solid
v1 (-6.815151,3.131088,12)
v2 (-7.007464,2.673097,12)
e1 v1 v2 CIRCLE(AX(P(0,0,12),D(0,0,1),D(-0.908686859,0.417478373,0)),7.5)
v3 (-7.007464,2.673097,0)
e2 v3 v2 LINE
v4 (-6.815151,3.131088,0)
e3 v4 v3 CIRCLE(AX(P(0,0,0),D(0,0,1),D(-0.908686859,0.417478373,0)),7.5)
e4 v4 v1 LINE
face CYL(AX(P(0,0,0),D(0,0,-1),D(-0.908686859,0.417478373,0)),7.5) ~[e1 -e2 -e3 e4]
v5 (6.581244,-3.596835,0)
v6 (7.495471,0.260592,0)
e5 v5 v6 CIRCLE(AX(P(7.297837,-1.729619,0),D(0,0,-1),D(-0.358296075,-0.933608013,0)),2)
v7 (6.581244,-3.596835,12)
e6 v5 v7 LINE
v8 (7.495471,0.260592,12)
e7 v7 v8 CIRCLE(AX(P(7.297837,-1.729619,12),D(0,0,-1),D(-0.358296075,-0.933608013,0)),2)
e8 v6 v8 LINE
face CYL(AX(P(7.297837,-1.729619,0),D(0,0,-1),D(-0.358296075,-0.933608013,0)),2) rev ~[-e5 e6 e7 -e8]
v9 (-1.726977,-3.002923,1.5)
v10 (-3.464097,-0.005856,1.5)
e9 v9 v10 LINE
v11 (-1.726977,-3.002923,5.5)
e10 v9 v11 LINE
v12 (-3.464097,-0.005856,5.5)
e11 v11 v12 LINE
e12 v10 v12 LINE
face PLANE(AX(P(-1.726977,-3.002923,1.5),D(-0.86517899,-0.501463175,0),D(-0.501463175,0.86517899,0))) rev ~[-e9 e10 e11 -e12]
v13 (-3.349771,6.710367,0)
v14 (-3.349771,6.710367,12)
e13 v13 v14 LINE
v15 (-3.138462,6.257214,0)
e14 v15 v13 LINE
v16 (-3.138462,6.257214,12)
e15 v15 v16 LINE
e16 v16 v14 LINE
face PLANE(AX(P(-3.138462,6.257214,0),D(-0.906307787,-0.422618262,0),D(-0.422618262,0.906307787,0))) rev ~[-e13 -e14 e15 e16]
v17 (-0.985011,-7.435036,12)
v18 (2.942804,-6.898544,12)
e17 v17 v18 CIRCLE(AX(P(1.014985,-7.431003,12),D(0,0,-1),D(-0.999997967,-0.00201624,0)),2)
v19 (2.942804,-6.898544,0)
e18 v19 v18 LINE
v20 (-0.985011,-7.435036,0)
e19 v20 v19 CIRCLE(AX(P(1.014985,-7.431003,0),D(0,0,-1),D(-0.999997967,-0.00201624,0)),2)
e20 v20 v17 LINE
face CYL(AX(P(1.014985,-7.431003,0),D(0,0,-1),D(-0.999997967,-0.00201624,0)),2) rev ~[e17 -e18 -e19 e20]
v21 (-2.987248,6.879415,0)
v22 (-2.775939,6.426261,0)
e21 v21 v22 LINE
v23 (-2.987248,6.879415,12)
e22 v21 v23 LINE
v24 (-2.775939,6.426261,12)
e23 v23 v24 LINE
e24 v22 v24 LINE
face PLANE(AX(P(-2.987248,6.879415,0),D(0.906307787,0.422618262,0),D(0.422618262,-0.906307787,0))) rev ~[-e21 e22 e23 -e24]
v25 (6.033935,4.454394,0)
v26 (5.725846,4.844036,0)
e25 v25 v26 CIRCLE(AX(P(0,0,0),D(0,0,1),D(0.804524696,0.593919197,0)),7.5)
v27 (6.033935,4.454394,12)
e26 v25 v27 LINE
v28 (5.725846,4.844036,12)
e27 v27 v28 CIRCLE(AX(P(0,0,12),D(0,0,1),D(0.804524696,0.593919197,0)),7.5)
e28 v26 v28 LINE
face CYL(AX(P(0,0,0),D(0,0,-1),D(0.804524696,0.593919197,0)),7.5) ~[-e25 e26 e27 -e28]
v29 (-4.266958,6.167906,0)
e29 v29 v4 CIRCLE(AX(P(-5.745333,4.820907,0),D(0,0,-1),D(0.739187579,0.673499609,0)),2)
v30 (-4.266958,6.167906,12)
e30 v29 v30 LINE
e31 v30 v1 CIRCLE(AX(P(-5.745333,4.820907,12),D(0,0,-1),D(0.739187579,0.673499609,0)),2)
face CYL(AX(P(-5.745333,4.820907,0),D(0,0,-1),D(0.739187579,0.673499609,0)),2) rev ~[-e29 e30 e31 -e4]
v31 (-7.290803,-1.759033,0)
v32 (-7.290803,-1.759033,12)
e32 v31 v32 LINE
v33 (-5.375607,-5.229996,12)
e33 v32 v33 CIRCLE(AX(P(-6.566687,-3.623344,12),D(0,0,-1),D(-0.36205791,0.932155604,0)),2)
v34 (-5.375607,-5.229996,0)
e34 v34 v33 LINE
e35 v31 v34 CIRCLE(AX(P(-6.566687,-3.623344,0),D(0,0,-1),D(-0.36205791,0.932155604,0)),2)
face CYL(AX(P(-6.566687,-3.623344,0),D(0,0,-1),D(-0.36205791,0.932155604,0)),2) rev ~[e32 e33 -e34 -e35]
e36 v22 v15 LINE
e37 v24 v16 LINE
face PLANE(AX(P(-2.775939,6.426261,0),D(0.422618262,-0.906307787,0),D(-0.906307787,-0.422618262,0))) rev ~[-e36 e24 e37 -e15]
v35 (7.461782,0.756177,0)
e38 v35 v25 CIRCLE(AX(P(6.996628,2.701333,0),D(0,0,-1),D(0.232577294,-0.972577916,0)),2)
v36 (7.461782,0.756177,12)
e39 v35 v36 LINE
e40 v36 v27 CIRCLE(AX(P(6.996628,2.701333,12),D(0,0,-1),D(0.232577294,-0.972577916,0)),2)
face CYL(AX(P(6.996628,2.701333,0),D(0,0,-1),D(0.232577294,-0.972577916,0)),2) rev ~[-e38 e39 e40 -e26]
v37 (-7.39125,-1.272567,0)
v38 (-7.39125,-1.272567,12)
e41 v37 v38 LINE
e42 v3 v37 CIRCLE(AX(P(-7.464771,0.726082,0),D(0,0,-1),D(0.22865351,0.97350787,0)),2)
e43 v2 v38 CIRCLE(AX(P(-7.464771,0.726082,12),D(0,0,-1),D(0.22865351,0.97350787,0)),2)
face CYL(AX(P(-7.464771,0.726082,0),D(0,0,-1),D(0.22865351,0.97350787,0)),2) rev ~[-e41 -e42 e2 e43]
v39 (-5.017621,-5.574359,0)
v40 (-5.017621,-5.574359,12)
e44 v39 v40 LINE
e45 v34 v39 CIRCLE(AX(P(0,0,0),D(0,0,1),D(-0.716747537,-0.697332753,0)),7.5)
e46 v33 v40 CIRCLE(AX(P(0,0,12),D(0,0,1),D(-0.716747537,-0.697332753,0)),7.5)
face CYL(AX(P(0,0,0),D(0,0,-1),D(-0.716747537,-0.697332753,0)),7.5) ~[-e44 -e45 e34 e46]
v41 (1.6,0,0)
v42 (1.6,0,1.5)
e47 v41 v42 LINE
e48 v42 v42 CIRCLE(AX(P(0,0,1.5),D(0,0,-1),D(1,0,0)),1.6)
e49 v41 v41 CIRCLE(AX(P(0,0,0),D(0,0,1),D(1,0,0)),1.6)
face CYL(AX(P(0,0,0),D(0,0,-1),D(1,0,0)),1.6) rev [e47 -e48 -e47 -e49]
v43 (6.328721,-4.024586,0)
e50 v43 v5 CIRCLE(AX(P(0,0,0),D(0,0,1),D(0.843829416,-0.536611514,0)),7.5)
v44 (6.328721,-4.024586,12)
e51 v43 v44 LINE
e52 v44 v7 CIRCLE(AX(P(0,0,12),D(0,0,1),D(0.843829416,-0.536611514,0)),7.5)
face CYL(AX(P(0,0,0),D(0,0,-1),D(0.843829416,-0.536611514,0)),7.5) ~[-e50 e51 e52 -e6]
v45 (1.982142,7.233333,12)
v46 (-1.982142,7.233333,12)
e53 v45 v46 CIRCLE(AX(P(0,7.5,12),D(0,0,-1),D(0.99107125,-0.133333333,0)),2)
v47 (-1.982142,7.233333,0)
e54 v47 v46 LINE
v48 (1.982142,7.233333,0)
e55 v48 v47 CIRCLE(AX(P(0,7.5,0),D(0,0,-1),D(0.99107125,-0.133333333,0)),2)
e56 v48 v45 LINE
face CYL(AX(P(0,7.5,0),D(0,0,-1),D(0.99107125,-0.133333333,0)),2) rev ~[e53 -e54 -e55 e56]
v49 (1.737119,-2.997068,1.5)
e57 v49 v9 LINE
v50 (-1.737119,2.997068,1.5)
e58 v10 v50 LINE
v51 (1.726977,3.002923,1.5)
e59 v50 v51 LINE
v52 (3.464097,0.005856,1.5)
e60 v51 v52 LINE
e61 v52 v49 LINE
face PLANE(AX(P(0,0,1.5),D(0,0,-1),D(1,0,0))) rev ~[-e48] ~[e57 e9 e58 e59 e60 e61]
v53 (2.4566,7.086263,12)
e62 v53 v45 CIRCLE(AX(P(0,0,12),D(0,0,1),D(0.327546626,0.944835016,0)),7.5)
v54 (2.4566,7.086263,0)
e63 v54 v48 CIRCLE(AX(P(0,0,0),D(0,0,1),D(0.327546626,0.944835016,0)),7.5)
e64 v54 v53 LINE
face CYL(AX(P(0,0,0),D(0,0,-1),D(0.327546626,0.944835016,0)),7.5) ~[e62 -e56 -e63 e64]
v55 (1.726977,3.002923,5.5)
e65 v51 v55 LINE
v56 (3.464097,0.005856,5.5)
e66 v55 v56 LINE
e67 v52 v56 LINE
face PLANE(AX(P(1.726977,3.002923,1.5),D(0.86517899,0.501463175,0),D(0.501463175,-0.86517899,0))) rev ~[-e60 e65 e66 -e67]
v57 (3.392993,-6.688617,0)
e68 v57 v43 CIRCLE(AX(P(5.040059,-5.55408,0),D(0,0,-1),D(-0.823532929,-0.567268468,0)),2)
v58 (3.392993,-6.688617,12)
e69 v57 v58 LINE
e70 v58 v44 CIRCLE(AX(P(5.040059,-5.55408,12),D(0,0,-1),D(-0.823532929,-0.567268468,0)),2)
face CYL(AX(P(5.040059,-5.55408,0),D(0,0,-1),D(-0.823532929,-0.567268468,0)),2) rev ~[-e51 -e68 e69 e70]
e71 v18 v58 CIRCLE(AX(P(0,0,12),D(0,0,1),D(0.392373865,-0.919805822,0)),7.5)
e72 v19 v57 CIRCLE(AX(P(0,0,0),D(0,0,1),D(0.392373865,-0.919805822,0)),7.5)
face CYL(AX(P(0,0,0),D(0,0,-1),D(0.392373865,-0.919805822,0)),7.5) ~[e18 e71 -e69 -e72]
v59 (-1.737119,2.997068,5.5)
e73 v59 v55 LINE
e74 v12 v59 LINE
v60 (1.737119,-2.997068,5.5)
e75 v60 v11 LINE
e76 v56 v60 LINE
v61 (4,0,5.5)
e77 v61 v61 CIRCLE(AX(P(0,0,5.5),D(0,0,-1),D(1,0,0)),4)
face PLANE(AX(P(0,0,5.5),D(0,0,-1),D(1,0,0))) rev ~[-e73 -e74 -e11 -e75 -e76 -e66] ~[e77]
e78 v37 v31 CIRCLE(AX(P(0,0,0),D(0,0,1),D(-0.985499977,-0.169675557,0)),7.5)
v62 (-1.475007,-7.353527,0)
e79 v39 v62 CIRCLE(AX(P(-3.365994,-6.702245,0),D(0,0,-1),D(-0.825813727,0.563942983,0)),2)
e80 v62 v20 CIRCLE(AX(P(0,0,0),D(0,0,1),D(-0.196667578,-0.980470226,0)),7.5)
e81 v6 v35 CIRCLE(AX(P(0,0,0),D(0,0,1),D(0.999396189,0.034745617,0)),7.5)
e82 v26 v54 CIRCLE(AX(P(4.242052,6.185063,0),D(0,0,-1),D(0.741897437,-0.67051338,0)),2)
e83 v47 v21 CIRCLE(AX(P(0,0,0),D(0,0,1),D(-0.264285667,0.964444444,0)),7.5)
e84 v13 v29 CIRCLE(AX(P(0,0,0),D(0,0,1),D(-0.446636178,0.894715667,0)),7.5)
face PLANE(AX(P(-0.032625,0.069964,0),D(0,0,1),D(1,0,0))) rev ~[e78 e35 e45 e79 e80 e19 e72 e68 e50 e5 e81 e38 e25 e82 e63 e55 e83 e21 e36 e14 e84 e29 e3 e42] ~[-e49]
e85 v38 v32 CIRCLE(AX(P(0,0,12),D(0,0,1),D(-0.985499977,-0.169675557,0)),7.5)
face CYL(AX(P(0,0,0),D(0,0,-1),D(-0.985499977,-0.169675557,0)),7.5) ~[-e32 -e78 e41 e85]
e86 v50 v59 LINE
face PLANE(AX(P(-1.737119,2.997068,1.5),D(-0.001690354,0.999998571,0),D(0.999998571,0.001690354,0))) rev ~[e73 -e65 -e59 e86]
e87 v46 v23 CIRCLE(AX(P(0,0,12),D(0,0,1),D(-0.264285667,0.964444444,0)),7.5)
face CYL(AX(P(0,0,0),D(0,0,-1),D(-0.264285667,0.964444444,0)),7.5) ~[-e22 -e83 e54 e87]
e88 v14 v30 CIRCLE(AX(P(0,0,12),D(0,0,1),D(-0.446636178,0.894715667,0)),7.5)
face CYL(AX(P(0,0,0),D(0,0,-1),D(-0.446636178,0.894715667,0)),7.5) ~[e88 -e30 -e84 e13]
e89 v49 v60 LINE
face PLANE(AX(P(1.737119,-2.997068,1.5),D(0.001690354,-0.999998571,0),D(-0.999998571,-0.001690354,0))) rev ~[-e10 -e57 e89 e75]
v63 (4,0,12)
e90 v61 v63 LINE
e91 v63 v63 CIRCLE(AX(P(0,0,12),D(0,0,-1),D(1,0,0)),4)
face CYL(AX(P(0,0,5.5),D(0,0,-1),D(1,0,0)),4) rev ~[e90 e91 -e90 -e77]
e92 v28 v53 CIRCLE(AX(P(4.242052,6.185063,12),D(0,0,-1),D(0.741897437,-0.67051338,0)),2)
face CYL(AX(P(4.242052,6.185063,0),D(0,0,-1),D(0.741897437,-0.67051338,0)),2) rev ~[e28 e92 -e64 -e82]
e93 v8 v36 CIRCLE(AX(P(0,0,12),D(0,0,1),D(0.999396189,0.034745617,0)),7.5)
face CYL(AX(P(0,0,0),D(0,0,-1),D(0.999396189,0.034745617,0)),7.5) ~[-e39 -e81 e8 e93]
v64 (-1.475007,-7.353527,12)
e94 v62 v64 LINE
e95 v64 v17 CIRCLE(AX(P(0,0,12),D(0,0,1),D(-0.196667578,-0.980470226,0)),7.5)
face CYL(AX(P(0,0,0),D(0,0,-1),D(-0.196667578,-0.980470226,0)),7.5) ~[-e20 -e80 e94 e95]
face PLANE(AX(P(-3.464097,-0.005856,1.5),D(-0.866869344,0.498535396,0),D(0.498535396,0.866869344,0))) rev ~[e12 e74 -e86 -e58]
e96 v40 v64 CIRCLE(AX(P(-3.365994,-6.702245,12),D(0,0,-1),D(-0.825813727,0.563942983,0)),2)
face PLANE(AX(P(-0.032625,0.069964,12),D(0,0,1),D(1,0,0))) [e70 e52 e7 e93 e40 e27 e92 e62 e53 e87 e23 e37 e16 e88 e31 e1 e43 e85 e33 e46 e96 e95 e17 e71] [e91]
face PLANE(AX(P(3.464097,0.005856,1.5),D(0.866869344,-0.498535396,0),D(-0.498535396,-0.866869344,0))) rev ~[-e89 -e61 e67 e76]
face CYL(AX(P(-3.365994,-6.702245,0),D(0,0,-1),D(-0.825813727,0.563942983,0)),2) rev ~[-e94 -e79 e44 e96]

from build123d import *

# Parameters (mm, degrees)
F0_R     = 1.6
F1_DEPTH = 12
F5_DEPTH = 4
F6_R     = 4
F7_DEPTH = 25


with BuildPart() as f1:
    # F0 (on Top) → F1 (new body)
    with BuildSketch(Plane.XY):
        with BuildLine():
            ThreePointArc((6.5812443787, -3.5968350571), (5.3517467882, -1.2683872891), (7.4954714157, 0.260592127))
            ThreePointArc((7.4954714157, 0.260592127), (7.4827308748, 0.5086635974), (7.4617823733, 0.7561771044))
            ThreePointArc((7.4617823733, 0.7561771044), (5.130860376, 1.9809774864), (6.0339352218, 4.4543939811))
            ThreePointArc((6.0339352218, 4.4543939811), (5.8831174869, 4.6517661845), (5.7258464401, 4.8440357704))
            ThreePointArc((5.7258464401, 4.8440357704), (3.1108378152, 4.5357125226), (2.456599692, 7.0862626224))
            ThreePointArc((2.456599692, 7.0862626224), (2.2205890006, 7.1637269972), (1.9821424996, 7.2333333333))
            ThreePointArc((1.9821424996, 7.2333333333), (0, 5.5), (-1.9821424996, 7.2333333333))
            ThreePointArc((-1.9821424996, 7.2333333333), (-2.490988884, 7.0742472659), (-2.9872482232, 6.8794148045))
            Line((-2.9872482232, 6.8794148045), (-2.7759390923, 6.426260911))
            Line((-2.7759390923, 6.426260911), (-3.1384622071, 6.2572136063))
            Line((-3.1384622071, 6.2572136063), (-3.349771338, 6.7103674999))
            ThreePointArc((-3.349771338, 6.7103674999), (-3.8180110168, 6.4554466829), (-4.2669581658, 6.1679062907))
            ThreePointArc((-4.2669581658, 6.1679062907), (-4.2132444372, 3.5353318533), (-6.8151514446, 3.1310877961))
            ThreePointArc((-6.8151514446, 3.1310877961), (-6.915100354, 2.9036850887), (-7.0074639483, 2.6730972696))
            ThreePointArc((-7.0074639483, 2.6730972696), (-5.4741653769, 0.5324597889), (-7.3912498308, -1.2725666735))
            ThreePointArc((-7.3912498308, -1.2725666735), (-7.3450546632, -1.5166317925), (-7.2908025549, -1.7590332871))
            ThreePointArc((-7.2908025549, -1.7590332871), (-4.8155702722, -2.6571192961), (-5.3756065246, -5.2299956494))
            ThreePointArc((-5.3756065246, -5.2299956494), (-5.1994656152, -5.4051417481), (-5.0176213056, -5.5743588361))
            ThreePointArc((-5.0176213056, -5.5743588361), (-2.4683954911, -4.9149795218), (-1.4750068347, -7.3535266939))
            ThreePointArc((-1.4750068347, -7.3535266939), (-1.2306839919, -7.3983387941), (-0.9850111866, -7.4350355051))
            ThreePointArc((-0.9850111866, -7.4350355051), (0.7443221486, -5.4494022185), (2.9428039897, -6.8985436636))
            ThreePointArc((2.9428039897, -6.8985436636), (3.1696369631, -6.7973084028), (3.3929930968, -6.6886170353))
            ThreePointArc((3.3929930968, -6.6886170353), (3.6960432331, -4.0729920721), (6.3287206193, -4.0245863543))
            ThreePointArc((6.3287206193, -4.0245863543), (6.4585247429, -3.8128018759), (6.5812443787, -3.5968350571))
        make_face()
        Circle(F0_R, mode=Mode.SUBTRACT)
    extrude(amount=F1_DEPTH)

    # F4 (on offset) → F5 (cut)
    with BuildSketch(Plane(origin=(0, 0, 1.5), x_dir=(1, 0, 0), z_dir=(0, 0, -1))):
        Polygon((3.4640966662, -0.0058555579), (1.737119395, 2.9970679351), (-1.7269772711, 3.002923493), (-3.4640966662, 0.0058555579), (-1.737119395, -2.9970679351), (1.7269772711, -3.002923493), align=None)
    extrude(amount=-F5_DEPTH, mode=Mode.SUBTRACT)

    # F6 (on offset) → F7 (cut)
    with BuildSketch(Plane(origin=(0, 0, 5.5), x_dir=(1, 0, 0), z_dir=(0, 0, -1))):
        Circle(F6_R)
    extrude(amount=-F7_DEPTH, mode=Mode.SUBTRACT)


solid = f1.part
